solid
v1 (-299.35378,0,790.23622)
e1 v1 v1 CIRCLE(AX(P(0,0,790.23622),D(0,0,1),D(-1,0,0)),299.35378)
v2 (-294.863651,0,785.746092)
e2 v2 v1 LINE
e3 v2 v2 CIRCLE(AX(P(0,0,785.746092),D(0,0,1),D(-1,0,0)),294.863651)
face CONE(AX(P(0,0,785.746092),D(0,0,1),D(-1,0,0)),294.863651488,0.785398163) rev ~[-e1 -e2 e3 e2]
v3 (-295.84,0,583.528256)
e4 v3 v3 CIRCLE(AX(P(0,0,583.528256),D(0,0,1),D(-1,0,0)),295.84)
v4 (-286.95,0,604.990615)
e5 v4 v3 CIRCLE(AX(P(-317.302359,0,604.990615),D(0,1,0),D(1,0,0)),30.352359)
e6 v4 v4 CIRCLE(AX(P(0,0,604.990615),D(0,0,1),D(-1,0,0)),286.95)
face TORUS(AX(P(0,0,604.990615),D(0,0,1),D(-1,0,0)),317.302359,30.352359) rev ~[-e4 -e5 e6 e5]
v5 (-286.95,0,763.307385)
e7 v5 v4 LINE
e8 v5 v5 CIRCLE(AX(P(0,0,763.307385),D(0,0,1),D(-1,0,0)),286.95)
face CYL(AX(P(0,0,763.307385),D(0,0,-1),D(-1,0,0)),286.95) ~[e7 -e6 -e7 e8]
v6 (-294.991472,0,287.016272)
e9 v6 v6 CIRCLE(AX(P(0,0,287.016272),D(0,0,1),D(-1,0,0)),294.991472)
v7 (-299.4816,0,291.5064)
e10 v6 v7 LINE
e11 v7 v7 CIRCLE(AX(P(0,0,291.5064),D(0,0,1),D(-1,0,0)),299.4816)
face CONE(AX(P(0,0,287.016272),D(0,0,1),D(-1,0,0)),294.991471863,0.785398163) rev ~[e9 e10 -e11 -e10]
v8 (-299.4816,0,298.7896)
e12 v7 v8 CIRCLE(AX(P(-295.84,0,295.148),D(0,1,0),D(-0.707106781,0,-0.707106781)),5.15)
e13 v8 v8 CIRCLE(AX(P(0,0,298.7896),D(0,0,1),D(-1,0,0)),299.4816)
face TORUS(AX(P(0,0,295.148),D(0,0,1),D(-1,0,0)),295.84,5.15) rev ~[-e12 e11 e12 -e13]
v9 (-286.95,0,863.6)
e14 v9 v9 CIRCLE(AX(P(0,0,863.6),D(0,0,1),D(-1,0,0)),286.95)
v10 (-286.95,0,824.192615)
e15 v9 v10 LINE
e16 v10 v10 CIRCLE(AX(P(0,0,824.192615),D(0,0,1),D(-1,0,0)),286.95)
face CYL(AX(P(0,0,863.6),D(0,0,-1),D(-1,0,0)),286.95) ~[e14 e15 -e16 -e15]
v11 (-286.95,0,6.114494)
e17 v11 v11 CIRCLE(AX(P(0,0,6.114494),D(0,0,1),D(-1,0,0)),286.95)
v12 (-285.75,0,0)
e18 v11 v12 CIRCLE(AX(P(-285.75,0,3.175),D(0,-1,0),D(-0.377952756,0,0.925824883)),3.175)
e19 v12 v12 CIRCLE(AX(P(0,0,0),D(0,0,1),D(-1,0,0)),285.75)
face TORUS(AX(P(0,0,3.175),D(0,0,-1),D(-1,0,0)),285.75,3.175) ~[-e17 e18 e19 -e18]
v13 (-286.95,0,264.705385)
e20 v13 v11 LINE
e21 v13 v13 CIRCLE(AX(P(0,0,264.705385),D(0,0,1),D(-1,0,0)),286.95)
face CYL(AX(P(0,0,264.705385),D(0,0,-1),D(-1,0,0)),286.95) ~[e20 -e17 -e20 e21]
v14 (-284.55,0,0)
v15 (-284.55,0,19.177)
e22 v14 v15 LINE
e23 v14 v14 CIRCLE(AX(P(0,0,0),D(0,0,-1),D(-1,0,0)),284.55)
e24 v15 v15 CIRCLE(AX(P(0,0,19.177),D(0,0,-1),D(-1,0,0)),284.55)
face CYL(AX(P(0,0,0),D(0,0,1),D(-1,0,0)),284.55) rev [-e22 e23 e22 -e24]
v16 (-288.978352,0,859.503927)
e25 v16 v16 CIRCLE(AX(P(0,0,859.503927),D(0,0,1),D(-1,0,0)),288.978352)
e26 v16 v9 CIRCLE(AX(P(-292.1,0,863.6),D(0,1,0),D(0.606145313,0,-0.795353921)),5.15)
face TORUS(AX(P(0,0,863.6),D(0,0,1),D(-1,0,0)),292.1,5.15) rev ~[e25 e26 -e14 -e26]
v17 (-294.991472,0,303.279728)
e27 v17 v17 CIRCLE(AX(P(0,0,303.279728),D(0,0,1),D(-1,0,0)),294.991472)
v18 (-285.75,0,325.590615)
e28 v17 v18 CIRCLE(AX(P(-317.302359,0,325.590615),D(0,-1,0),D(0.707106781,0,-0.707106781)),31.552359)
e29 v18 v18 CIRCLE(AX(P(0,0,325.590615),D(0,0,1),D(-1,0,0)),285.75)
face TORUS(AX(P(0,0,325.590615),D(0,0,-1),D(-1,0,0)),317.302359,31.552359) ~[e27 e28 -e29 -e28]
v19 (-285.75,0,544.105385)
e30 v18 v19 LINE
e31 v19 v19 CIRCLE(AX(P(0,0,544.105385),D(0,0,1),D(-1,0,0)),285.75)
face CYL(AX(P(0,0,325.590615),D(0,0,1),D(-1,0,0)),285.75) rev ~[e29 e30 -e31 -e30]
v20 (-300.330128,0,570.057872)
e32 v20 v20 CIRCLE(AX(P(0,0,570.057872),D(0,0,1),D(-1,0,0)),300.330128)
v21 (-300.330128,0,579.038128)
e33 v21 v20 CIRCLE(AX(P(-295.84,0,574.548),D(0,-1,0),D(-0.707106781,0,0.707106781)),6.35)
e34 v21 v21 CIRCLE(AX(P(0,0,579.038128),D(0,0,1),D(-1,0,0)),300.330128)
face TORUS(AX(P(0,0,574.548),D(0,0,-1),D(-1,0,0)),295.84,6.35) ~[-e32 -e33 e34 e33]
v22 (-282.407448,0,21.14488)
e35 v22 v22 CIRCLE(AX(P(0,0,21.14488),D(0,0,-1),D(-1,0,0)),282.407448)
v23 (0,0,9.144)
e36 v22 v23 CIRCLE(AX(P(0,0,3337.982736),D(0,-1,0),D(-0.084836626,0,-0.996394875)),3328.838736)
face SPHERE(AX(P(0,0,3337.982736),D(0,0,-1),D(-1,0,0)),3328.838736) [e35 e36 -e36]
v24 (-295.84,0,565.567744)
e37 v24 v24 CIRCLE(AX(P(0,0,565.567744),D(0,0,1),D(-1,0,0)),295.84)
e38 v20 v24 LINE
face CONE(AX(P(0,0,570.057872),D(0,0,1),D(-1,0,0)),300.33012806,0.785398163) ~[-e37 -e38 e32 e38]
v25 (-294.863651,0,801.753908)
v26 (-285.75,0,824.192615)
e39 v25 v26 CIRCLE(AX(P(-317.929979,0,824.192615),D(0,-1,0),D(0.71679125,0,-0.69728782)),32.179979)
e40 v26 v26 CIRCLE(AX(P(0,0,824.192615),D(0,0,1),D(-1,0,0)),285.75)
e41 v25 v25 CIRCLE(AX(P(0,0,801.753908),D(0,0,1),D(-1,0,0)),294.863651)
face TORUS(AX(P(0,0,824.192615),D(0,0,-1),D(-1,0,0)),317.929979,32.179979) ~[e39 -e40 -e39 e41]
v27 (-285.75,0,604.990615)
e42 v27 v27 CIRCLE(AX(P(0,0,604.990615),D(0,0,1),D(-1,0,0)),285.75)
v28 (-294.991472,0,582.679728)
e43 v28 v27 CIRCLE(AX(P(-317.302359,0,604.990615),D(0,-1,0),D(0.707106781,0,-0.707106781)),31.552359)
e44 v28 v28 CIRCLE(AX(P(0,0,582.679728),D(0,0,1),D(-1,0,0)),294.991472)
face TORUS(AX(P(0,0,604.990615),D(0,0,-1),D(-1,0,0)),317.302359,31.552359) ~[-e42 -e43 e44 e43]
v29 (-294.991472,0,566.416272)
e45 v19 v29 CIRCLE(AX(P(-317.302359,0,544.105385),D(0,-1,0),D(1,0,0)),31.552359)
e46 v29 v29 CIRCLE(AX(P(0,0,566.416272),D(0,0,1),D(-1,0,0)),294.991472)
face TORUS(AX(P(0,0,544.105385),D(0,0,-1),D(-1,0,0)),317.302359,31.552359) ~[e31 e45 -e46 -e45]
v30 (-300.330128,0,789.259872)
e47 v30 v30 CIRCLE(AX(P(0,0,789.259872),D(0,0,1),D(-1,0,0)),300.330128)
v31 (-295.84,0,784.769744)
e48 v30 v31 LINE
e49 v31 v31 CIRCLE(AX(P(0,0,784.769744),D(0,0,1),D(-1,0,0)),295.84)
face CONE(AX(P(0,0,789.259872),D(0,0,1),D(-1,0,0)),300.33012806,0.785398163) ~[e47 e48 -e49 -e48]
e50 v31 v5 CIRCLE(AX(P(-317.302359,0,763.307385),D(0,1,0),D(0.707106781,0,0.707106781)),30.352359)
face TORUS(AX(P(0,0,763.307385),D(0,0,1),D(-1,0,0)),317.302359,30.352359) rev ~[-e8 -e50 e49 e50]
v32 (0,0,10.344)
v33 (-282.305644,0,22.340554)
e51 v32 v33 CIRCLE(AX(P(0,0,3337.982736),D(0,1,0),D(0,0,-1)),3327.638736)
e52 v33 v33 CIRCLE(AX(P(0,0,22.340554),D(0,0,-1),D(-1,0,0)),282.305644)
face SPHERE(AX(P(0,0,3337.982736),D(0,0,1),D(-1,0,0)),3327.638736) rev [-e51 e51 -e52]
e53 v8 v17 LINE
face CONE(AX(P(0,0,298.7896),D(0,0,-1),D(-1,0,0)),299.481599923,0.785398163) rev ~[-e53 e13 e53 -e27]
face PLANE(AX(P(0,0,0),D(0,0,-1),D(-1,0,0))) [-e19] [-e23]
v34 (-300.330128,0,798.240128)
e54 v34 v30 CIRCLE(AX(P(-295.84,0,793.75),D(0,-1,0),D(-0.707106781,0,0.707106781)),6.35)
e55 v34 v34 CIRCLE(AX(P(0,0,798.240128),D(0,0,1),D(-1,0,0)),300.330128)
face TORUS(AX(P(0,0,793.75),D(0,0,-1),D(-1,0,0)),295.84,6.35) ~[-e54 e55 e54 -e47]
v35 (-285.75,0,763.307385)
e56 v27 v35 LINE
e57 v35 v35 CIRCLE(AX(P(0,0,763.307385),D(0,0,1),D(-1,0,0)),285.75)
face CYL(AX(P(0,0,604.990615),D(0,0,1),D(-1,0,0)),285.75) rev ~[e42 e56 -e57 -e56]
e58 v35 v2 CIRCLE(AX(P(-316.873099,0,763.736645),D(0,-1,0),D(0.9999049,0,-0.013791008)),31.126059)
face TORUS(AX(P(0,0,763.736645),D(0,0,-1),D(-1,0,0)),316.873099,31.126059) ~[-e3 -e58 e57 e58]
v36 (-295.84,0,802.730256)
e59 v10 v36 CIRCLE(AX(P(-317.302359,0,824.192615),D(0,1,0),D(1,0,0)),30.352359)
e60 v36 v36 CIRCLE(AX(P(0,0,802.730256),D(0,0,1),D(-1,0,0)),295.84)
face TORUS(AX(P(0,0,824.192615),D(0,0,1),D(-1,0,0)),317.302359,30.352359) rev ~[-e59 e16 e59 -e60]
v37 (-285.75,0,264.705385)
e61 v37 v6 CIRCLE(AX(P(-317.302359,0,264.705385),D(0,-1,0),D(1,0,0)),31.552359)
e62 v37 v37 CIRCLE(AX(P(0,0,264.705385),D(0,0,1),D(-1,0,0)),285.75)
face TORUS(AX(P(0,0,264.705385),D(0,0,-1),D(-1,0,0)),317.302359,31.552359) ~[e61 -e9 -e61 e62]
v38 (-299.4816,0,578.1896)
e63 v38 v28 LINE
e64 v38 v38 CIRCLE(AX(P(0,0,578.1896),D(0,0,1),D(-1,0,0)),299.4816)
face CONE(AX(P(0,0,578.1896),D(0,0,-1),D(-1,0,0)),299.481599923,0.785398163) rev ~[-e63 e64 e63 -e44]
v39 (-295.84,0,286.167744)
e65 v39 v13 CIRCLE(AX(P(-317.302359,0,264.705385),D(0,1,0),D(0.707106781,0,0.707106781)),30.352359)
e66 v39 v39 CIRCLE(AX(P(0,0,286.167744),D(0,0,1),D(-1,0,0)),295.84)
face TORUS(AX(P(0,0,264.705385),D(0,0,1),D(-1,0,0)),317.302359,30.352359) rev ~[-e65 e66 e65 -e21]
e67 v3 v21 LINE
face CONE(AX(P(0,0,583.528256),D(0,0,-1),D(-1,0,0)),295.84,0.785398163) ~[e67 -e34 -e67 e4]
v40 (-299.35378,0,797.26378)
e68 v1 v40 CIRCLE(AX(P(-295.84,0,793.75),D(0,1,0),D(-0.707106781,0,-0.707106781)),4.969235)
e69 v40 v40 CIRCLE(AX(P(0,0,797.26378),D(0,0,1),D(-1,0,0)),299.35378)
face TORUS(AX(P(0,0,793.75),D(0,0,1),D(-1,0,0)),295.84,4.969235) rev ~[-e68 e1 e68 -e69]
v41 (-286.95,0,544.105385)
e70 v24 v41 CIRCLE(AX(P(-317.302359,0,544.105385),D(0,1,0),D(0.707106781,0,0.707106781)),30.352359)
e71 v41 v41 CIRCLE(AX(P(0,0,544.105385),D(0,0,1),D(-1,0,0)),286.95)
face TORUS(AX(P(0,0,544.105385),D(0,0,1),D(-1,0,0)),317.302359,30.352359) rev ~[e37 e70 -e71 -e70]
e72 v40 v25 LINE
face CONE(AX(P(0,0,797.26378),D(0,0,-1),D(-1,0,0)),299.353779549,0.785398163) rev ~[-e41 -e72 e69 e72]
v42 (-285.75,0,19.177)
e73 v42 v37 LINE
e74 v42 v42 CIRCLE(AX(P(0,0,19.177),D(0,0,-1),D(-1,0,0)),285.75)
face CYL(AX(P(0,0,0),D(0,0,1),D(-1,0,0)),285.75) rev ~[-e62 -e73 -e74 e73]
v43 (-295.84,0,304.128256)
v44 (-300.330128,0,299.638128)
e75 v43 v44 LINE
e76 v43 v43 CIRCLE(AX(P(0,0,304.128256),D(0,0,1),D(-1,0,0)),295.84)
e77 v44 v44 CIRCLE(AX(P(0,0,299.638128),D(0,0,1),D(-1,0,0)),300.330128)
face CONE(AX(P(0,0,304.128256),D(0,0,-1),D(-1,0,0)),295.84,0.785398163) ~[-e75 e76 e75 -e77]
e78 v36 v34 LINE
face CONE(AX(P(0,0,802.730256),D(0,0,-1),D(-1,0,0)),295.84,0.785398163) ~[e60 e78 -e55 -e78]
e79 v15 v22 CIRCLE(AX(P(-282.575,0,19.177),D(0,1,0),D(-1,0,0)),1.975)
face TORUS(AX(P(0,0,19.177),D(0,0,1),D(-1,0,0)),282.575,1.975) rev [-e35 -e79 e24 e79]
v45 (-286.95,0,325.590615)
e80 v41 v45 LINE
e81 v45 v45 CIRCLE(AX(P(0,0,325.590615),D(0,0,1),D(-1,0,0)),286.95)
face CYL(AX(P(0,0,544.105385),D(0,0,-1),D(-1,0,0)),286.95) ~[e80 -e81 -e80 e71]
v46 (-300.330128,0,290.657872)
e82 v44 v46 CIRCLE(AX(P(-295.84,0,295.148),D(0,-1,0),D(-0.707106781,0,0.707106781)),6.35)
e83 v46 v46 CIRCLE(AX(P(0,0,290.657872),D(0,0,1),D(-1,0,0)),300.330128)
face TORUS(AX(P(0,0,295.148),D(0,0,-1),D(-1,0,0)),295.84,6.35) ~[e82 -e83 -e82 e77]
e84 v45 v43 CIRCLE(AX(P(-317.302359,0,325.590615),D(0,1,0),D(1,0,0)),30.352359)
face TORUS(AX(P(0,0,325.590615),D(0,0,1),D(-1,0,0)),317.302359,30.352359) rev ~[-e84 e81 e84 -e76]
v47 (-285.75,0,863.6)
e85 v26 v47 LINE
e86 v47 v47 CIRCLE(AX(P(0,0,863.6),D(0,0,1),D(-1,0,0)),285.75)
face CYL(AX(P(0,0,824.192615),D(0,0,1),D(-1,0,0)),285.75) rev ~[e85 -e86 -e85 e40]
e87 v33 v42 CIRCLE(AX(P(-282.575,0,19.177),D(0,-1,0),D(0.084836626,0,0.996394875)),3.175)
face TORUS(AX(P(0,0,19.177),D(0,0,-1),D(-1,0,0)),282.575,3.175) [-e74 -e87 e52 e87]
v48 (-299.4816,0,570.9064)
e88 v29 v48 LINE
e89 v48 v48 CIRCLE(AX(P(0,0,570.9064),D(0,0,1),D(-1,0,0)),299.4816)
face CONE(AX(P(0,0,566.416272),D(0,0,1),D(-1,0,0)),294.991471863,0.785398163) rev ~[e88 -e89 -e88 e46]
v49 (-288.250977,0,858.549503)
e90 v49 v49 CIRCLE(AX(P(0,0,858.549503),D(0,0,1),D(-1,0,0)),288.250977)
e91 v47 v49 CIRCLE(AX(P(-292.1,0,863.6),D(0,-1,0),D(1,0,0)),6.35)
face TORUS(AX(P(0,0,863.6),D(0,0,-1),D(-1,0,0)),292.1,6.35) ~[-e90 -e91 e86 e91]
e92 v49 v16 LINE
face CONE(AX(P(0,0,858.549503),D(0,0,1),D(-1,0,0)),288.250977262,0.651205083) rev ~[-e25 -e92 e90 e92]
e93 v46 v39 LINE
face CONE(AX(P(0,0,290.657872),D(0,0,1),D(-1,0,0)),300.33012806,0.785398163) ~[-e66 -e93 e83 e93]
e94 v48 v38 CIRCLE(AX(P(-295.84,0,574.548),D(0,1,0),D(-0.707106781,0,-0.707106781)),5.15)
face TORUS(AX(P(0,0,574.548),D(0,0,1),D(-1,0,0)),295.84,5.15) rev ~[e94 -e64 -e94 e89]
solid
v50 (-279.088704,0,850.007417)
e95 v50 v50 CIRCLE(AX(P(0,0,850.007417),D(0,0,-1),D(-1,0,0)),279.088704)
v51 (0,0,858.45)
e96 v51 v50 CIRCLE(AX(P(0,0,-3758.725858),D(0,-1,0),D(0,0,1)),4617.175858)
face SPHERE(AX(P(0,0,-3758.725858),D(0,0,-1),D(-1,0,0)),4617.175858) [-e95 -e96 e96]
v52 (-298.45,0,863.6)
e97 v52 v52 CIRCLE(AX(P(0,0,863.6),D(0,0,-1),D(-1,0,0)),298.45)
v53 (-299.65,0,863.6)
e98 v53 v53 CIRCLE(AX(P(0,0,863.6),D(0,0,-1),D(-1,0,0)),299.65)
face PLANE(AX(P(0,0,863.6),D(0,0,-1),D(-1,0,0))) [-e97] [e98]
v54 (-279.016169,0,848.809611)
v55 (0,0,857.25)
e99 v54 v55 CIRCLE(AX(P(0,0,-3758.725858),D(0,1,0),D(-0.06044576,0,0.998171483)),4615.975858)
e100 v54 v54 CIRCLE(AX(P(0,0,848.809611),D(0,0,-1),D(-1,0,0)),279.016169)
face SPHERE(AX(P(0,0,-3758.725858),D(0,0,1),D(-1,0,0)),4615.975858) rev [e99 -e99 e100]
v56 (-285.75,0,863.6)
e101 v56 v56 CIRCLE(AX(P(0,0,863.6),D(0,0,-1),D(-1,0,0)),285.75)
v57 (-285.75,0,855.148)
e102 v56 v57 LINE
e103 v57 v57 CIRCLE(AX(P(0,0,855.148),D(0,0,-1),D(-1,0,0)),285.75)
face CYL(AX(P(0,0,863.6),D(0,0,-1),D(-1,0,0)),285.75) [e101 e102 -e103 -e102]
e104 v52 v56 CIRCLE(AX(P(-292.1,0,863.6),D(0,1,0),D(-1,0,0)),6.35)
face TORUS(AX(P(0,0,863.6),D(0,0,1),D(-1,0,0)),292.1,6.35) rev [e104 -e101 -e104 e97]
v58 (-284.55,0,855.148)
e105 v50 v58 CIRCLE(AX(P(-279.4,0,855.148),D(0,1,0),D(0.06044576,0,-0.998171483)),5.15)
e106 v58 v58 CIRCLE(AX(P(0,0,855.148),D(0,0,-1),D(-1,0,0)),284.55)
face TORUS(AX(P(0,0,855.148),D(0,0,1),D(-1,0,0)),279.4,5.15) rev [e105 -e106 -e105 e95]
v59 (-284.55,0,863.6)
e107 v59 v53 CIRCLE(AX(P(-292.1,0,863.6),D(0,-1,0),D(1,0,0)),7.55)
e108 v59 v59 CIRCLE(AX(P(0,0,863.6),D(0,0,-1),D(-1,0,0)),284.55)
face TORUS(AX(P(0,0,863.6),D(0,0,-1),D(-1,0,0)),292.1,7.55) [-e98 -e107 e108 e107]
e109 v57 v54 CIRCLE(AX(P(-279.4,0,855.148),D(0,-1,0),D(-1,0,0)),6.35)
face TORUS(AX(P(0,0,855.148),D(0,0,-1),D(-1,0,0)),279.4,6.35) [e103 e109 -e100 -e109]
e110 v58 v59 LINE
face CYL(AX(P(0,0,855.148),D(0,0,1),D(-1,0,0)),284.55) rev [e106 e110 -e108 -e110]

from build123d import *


with BuildPart() as f1:
    # F0 (on Front) → F1 (revolve)
    with BuildSketch(Plane.XZ):
        with BuildLine():
            ThreePointArc((-286.95, 6.1144940041), (-288.8655672407, 2.5635543618), (-285.75, 0))
            Line((-285.75, 0), (-285.75, 264.7053853094))
            ThreePointArc((-285.75, 264.7053853094), (-288.1517802847, 276.779950186), (-294.9914718626, 287.0162720164))
            Line((-294.9914718626, 287.0162720164), (-299.4815999231, 291.5064000769))
            ThreePointArc((-299.4815999231, 291.5064000769), (-300.99, 295.148), (-299.4815999231, 298.7895999231))
            Line((-299.4815999231, 298.7895999231), (-294.9914718626, 303.2797279836))
            ThreePointArc((-294.9914718626, 303.2797279836), (-288.1517802847, 313.516049814), (-285.75, 325.5906146906))
            Line((-285.75, 325.5906146906), (-285.75, 544.1053853094))
            ThreePointArc((-285.75, 544.1053853094), (-288.1517802847, 556.179950186), (-294.9914718626, 566.4162720164))
            Line((-294.9914718626, 566.4162720164), (-299.4815999231, 570.9064000769))
            ThreePointArc((-299.4815999231, 570.9064000769), (-300.99, 574.548), (-299.4815999231, 578.1895999231))
            Line((-299.4815999231, 578.1895999231), (-294.9914718626, 582.6797279836))
            ThreePointArc((-294.9914718626, 582.6797279836), (-288.1517802847, 592.916049814), (-285.75, 604.9906146906))
            Line((-285.75, 604.9906146906), (-285.75, 763.3073853094))
            ThreePointArc((-285.75, 763.3073853094), (-288.0349165099, 775.4494920595), (-294.8636514881, 785.7460923908))
            Line((-294.8636514881, 785.7460923908), (-299.3537795486, 790.2362204514))
            ThreePointArc((-299.3537795486, 790.2362204514), (-300.8092346929, 793.75), (-299.3537795486, 797.2637795486))
            Line((-299.3537795486, 797.2637795486), (-294.8636514881, 801.7539076092))
            ThreePointArc((-294.8636514881, 801.7539076092), (-288.1153434729, 812.0831739631), (-285.75, 824.1926146906))
            Line((-285.75, 824.1926146906), (-285.75, 863.6))
            ThreePointArc((-285.75, 863.6), (-297.7905093966, 866.4179075228), (-288.2509772621, 858.5495026024))
            Line((-288.2509772621, 858.5495026024), (-288.9783516377, 859.5039273075))
            ThreePointArc((-288.9783516377, 859.5039273075), (-296.7151375421, 865.8853895657), (-286.95, 863.6))
            Line((-286.95, 863.6), (-286.95, 824.1926146906))
            ThreePointArc((-286.95, 824.1926146906), (-289.2604357237, 812.5772699328), (-295.84, 802.7302561211))
            Line((-295.84, 802.7302561211), (-300.3301280605, 798.2401280605))
            ThreePointArc((-300.3301280605, 798.2401280605), (-302.19, 793.75), (-300.3301280605, 789.2598719395))
            Line((-300.3301280605, 789.2598719395), (-295.84, 784.7697438789))
            ThreePointArc((-295.84, 784.7697438789), (-289.2604357237, 774.9227300672), (-286.95, 763.3073853094))
            Line((-286.95, 763.3073853094), (-286.95, 604.9906146906))
            ThreePointArc((-286.95, 604.9906146906), (-289.2604357237, 593.3752699328), (-295.84, 583.5282561211))
            Line((-295.84, 583.5282561211), (-300.3301280605, 579.0381280605))
            ThreePointArc((-300.3301280605, 579.0381280605), (-302.19, 574.548), (-300.3301280605, 570.0578719395))
            Line((-300.3301280605, 570.0578719395), (-295.84, 565.5677438789))
            ThreePointArc((-295.84, 565.5677438789), (-289.2604357237, 555.7207300672), (-286.95, 544.1053853094))
            Line((-286.95, 544.1053853094), (-286.95, 325.5906146906))
            ThreePointArc((-286.95, 325.5906146906), (-289.2604357237, 313.9752699328), (-295.84, 304.1282561211))
            Line((-295.84, 304.1282561211), (-300.3301280605, 299.6381280605))
            ThreePointArc((-300.3301280605, 299.6381280605), (-302.19, 295.148), (-300.3301280605, 290.6578719395))
            Line((-300.3301280605, 290.6578719395), (-295.84, 286.1677438789))
            ThreePointArc((-295.84, 286.1677438789), (-289.2604357237, 276.3207300672), (-286.95, 264.7053853094))
            Line((-286.95, 264.7053853094), (-286.95, 6.1144940041))
        make_face()
    revolve(axis=Axis((0, 0, 88.6719599366), (0, 0, 1)))

    # F2 (on Front) → F3 (revolve)
    with BuildSketch(Plane.XZ):
        with BuildLine():
            ThreePointArc((-282.3056437117, 22.340553728), (-284.7227219076, 21.5153574593), (-285.75, 19.177))
            Line((-285.75, 19.177), (-285.75, 0))
            Line((-285.75, 0), (-284.55, 0))
            Line((-284.55, 0), (-284.55, 19.177))
            ThreePointArc((-284.55, 19.177), (-283.9109844937, 20.6315688133), (-282.4074476632, 21.144879878))
            ThreePointArc((-282.4074476632, 21.144879878), (-141.3311604119, 12.1455732105), (0, 9.144))
            Line((0, 9.144), (0, 10.344))
            ThreePointArc((0, 10.344), (-141.280212497, 13.3444911851), (-282.3056437117, 22.340553728))
        make_face()
    revolve(axis=Axis((0, 0, 97.150310874), (0, 0, -1)))


with BuildPart() as f5:
    # F4 (on Front) → F5 (revolve)
    with BuildSketch(Plane.XZ):
        with BuildLine():
            Line((-299.65, 863.6), (-298.45, 863.6))
            ThreePointArc((-298.45, 863.6), (-292.1, 869.95), (-285.75, 863.6))
            Line((-285.75, 863.6), (-285.75, 855.148))
            ThreePointArc((-285.75, 855.148), (-283.7523083437, 850.5241582984), (-279.0161694233, 848.809611081))
            ThreePointArc((-279.0161694233, 848.809611081), (-139.5719016894, 855.1394202562), (0, 857.25))
            Line((0, 857.25), (0, 858.45))
            ThreePointArc((0, 858.45), (-139.6081857357, 856.3388715757), (-279.0887043354, 850.007416861))
            ThreePointArc((-279.0887043354, 850.007416861), (-282.9298248772, 851.3979551554), (-284.55, 855.148))
            Line((-284.55, 855.148), (-284.55, 863.6))
            ThreePointArc((-284.55, 863.6), (-292.1, 871.15), (-299.65, 863.6))
        make_face()
    revolve(axis=Axis((0, 0, 399.7365534306), (0, 0, -1)))


solid = Compound([f1.part, f5.part])
